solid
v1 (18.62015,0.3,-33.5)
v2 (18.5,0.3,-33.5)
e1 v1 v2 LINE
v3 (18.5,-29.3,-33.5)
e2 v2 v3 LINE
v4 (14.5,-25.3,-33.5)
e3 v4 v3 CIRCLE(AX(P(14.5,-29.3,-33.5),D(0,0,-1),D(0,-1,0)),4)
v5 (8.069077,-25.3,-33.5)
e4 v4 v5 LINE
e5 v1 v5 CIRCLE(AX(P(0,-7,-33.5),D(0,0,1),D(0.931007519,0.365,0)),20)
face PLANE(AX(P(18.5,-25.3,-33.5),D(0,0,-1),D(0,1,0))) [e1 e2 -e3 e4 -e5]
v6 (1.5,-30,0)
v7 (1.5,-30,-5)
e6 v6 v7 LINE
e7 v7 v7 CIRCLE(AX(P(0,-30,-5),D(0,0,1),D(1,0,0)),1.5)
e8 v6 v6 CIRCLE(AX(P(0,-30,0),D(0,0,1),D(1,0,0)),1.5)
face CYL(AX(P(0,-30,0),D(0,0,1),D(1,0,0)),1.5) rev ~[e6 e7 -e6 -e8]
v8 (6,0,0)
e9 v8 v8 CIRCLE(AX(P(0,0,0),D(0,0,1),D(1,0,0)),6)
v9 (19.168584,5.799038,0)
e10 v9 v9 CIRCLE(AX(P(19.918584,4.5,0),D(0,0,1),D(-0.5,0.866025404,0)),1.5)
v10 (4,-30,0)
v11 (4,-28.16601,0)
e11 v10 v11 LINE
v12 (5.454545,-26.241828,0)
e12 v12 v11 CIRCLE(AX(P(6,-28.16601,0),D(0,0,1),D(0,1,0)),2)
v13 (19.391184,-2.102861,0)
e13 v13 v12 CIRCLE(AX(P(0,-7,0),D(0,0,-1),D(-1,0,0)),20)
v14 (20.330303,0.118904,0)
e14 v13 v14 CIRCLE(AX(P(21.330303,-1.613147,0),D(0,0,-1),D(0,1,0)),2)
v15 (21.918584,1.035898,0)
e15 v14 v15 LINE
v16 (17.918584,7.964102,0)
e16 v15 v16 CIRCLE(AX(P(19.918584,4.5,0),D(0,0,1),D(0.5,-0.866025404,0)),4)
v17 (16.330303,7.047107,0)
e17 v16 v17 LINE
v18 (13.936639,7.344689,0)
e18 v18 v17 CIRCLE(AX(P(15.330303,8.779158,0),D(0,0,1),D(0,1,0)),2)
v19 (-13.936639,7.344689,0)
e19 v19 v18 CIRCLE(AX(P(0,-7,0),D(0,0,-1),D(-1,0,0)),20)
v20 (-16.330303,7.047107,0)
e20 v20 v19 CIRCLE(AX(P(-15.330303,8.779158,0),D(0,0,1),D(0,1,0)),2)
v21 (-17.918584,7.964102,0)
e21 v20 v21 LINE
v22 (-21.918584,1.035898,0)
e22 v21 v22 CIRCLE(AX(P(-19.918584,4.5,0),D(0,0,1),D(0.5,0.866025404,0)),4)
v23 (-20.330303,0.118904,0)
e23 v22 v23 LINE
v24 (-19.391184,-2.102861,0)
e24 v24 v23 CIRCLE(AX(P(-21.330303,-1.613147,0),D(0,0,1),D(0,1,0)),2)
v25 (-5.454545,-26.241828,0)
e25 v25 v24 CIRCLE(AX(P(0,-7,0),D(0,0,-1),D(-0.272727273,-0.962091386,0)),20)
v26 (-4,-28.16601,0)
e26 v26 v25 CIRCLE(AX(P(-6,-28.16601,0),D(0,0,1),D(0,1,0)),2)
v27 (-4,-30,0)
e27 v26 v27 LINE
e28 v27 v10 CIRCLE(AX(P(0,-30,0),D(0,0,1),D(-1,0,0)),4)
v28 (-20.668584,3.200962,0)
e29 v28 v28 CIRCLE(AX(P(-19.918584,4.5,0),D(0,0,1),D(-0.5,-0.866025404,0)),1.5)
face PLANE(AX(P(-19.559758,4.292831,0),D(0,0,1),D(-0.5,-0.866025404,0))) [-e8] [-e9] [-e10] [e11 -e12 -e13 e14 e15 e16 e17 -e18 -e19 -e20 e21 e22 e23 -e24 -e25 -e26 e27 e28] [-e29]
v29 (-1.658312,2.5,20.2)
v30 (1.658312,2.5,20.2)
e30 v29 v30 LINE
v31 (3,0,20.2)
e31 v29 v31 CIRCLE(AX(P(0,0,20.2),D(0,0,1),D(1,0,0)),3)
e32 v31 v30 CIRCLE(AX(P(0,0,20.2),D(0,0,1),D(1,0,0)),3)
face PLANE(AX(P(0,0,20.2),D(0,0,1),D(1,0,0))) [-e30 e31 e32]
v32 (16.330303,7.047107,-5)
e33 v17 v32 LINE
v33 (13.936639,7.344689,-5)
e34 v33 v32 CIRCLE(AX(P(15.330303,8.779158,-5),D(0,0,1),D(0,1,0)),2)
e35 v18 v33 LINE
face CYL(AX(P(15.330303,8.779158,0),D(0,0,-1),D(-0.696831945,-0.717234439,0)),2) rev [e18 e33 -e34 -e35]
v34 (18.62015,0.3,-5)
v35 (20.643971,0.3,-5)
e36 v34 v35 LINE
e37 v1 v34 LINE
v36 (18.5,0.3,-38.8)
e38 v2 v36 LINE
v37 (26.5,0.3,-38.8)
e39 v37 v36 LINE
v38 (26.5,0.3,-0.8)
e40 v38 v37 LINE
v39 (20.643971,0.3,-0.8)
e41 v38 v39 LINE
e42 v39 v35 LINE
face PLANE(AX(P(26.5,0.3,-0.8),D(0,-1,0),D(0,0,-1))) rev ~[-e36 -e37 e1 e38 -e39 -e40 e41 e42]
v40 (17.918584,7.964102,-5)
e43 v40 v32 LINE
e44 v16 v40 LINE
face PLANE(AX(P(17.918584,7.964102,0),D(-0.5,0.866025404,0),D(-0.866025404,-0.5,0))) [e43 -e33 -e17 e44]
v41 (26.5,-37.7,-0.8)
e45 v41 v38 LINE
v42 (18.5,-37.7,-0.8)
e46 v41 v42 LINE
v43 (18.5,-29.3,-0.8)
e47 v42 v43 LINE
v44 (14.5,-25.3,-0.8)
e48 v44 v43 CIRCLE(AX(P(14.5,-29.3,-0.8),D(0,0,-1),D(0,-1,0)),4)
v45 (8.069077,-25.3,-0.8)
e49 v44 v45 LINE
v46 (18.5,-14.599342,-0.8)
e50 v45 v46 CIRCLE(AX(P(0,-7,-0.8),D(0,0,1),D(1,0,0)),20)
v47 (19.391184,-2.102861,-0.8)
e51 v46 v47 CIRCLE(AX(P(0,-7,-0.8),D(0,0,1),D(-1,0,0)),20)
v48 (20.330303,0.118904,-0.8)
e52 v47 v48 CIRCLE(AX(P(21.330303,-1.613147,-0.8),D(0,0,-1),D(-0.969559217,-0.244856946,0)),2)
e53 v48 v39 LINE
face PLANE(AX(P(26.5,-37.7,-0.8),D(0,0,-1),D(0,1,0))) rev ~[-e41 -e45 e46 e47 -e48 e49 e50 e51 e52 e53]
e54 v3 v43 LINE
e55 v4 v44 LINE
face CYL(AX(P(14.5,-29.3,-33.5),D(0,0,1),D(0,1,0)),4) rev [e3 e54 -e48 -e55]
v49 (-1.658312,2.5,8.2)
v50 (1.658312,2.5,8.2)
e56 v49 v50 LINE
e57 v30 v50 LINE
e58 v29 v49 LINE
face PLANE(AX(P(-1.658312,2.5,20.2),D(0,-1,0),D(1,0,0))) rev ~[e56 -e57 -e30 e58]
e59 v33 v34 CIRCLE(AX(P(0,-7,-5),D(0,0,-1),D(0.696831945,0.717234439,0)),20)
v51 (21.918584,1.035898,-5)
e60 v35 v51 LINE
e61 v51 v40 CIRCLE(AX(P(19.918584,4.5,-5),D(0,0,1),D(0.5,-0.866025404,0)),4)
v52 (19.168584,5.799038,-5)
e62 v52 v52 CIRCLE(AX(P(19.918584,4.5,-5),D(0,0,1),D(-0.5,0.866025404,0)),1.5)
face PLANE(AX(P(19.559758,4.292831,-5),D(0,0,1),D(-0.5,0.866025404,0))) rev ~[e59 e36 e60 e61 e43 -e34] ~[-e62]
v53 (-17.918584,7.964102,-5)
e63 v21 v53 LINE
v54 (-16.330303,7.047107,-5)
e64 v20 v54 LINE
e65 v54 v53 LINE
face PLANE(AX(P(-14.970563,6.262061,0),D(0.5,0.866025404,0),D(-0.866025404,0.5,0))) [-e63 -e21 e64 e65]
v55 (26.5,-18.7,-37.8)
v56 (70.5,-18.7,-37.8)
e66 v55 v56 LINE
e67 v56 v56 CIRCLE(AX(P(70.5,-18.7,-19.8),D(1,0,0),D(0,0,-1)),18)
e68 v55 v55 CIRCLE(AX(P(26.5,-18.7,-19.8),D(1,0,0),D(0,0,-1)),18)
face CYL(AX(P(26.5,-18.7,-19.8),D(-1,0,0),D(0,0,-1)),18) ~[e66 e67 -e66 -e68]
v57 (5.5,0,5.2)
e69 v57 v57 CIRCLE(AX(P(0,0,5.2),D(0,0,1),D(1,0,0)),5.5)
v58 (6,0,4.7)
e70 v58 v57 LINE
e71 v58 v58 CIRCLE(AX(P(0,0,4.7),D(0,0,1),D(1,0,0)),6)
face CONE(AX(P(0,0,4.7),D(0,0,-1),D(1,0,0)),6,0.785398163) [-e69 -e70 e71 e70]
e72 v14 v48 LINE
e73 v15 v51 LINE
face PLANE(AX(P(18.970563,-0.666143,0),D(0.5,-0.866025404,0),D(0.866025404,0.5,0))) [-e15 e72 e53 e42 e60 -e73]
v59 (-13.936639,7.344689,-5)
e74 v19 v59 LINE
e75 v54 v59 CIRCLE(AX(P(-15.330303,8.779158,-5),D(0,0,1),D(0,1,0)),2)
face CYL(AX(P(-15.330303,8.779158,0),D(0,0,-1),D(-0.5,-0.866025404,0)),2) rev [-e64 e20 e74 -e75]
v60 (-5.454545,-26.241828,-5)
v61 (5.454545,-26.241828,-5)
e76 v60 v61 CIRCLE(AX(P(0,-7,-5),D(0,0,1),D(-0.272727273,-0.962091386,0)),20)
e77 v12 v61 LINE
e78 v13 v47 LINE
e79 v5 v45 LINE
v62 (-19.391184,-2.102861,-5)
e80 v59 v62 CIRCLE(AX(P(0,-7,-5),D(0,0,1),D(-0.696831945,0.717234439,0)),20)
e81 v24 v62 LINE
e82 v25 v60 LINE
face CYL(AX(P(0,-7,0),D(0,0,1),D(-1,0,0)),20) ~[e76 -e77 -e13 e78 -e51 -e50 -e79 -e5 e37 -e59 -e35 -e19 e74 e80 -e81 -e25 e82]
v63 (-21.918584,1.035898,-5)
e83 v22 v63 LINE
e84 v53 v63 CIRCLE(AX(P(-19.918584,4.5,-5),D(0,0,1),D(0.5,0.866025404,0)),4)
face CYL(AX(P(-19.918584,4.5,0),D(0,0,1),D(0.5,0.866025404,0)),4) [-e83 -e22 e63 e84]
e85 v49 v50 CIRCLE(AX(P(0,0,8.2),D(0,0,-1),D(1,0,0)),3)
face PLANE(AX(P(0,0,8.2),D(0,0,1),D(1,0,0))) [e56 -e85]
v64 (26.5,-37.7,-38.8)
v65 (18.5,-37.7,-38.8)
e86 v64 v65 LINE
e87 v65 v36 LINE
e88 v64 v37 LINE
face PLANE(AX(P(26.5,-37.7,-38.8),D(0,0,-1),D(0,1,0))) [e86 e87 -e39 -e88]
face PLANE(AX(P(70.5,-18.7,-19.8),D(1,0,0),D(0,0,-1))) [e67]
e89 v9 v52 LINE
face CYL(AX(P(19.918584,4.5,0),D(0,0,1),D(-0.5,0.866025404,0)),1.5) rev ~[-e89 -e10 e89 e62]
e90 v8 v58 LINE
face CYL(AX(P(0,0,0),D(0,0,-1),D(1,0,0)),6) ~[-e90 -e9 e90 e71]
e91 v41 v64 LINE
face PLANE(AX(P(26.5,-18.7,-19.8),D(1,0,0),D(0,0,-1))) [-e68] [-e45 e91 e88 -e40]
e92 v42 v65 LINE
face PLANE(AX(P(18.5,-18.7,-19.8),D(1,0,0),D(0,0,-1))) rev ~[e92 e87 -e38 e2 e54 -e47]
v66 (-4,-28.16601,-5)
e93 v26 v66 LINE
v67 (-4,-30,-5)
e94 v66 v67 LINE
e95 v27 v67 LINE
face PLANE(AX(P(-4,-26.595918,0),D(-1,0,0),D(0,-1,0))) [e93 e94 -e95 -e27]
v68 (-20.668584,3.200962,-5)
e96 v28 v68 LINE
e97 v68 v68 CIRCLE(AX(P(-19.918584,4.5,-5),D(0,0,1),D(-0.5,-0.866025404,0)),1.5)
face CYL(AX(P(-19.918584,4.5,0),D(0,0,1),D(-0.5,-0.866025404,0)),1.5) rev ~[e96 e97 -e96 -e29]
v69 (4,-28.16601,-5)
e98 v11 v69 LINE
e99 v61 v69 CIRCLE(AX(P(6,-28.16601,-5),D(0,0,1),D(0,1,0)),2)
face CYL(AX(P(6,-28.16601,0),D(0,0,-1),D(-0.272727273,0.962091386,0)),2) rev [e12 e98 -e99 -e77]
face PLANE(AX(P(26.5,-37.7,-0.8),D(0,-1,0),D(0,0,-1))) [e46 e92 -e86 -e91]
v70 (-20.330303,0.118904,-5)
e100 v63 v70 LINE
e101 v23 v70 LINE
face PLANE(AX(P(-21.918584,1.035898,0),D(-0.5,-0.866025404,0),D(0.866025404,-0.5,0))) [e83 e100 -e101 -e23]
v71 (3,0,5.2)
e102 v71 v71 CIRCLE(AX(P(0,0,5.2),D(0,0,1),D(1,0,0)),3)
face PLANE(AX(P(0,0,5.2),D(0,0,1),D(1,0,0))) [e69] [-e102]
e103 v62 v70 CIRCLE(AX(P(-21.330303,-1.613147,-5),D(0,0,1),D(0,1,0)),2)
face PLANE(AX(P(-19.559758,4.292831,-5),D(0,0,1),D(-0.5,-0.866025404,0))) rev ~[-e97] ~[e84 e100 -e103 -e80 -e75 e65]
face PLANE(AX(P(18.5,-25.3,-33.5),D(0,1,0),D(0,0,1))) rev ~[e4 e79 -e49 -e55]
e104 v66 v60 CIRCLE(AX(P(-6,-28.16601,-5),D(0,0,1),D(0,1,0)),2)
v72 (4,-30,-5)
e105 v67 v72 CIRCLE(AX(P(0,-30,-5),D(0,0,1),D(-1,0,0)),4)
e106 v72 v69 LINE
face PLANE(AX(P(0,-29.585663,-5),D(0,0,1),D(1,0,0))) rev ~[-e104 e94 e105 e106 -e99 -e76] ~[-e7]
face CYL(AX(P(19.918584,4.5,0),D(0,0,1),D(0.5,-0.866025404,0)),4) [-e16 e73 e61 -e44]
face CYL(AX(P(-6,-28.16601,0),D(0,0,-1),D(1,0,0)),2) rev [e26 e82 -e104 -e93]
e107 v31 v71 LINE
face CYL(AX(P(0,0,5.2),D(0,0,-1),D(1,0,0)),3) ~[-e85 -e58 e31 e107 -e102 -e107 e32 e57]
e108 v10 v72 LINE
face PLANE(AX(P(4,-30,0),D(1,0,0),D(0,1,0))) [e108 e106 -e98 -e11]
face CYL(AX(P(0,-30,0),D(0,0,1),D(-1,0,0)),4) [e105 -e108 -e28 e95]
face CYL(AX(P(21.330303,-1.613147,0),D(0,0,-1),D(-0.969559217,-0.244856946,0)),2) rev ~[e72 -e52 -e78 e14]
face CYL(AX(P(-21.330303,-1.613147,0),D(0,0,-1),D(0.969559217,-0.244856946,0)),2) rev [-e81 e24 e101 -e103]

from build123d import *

# Parameters (mm, degrees)
SKETCH_1_R                       = 6
EXTRUDE_1_DEPTH                  = 5.2
CHAMFER_1_SIZE                   = 0.5
SKETCH_2_R                       = 3
EXTRUDE_2_DEPTH                  = 15
SKETCH_3_OUTSIDE_W               = 19.276
SKETCH_3_OUTSIDE_H               = 19.276
CUT_EXTRUDE_1_DEPTH              = 12
SKETCH_4_R                       = 20
EXTRUDE_3_DEPTH                  = 33.5
SKETCH_5_R                       = 1.5
EXTRUDE_4_DEPTH                  = 5
FILLET_2_R                       = 2
PATTERN_CIRCULAR_1_COUNT         = 3
FILLET_2_OF_PATTERN_CIRCULAR_1_R = 2
SKETCH_7_W                       = 38
SKETCH_7_H                       = 38
EXTRUDE_5_DEPTH                  = 8
EXTRUDE_6_REACH                  = 70.746
EXTRUDE_6_END_RADIUS             = 20
SKETCH_8_W                       = 32.7
SKETCH_8_H                       = 10.700657923
SKETCH_10_R                      = 18
EXTRUDE_7_DEPTH                  = 44
FILLET_1_R                       = 4


with BuildPart() as part:
    # ｽｹｯﾁ1 → ﾎﾞｽ - 押し出し1 (new body)
    with BuildSketch(Plane.XY):
        Circle(SKETCH_1_R)
    extrude(amount=EXTRUDE_1_DEPTH)

    # 面取り1
    chamfer_1_edges = [part.edges().sort_by_distance(p)[0] for p in [
        (-6, 0, 5.2),
    ]]
    chamfer(chamfer_1_edges, length=CHAMFER_1_SIZE)

    # ｽｹｯﾁ2 → ﾎﾞｽ - 押し出し2 (add)
    with BuildSketch(Plane.XY.offset(5.2)):
        Circle(SKETCH_2_R)
    extrude(amount=EXTRUDE_2_DEPTH)

    # ｽｹｯﾁ3 outside → ｶｯﾄ - 押し出し1 (cut)
    with BuildSketch(Plane.XY.offset(20.2)):
        Rectangle(SKETCH_3_OUTSIDE_W, SKETCH_3_OUTSIDE_H)
        with BuildLine():
            Line((-1.658312395, 2.5), (1.658312395, 2.5))
            ThreePointArc((1.658312395, 2.5), (0, -3), (-1.658312395, 2.5))
        make_face(mode=Mode.SUBTRACT)
    extrude(amount=-CUT_EXTRUDE_1_DEPTH, mode=Mode.SUBTRACT)

    # ｽｹｯﾁ4 → ﾎﾞｽ - 押し出し3 (add)
    with BuildSketch(Plane(origin=(0, 0, 0), x_dir=(-1, 0, 0), z_dir=(0, 0, -1))):
        with Locations((0, -7)):
            Circle(SKETCH_4_R)
    extrude(amount=EXTRUDE_3_DEPTH)

    # ｽｹｯﾁ5 → ﾎﾞｽ - 押し出し4 (add)
    with BuildSketch(Plane.XY):
        with BuildLine():
            Line((-4, -26.595917942), (-4, -30))
            ThreePointArc((-4, -30), (0, -34), (4, -30))
            Line((4, -30), (4, -26.595917942))
            Line((4, -26.595917942), (-4, -26.595917942))
        make_face()
        with Locations((0, -30)):
            Circle(SKETCH_5_R, mode=Mode.SUBTRACT)
    extrude_4 = extrude(amount=-EXTRUDE_4_DEPTH)

    # ﾌｨﾚｯﾄ2
    fillet_2_edges = [part.edges().sort_by_distance(p)[0] for p in [
        (-4, -26.595917942, -2.5),
        (4, -26.595917942, -2.5),
    ]]
    fillet(fillet_2_edges, radius=FILLET_2_R)

    # 円形ﾊﾟﾀｰﾝ1: ﾎﾞｽ - 押し出し4 ×3 about axis
    pattern_circular_1_axis = Axis((0, -7, 0), (0, 0, 1))
    for i in range(1, PATTERN_CIRCULAR_1_COUNT):
        add(extrude_4.rotate(pattern_circular_1_axis, i * 360 / PATTERN_CIRCULAR_1_COUNT))

    # ﾌｨﾚｯﾄ2 of 円形ﾊﾟﾀｰﾝ1
    fillet_2_of_pattern_circular_1_edges = [part.edges().sort_by_distance(p)[0] for p in [
        (18.970562748, -0.666142644, -2.5),
        (14.970562748, 6.262060586, -2.5),
        (-14.970562748, 6.262060586, -2.5),
        (-18.970562748, -0.666142644, -2.5),
    ]]
    fillet(fillet_2_of_pattern_circular_1_edges, radius=FILLET_2_OF_PATTERN_CIRCULAR_1_R)

    # ｽｹｯﾁ7 → ﾎﾞｽ - 押し出し5 (add)
    with BuildSketch(Plane(origin=(26.5, 0, 0), x_dir=(0, 0, -1), z_dir=(1, 0, 0))):
        with Locations((19.8, -18.7)):
            Rectangle(SKETCH_7_W, SKETCH_7_H)
    extrude(amount=-EXTRUDE_5_DEPTH)

    # ﾎﾞｽ - 押し出し6: up to this cylinder (the profile starts outside it)
    extrude_6_end = Plane(origin=(0, -7, -17.15), z_dir=(0, 0, 1)) * Cylinder(EXTRUDE_6_END_RADIUS, 182.492, mode=Mode.PRIVATE)
    # ｽｹｯﾁ8 → ﾎﾞｽ - 押し出し6 (add, up to the surface)
    with BuildSketch(Plane.ZY.offset(-18.5), mode=Mode.PRIVATE) as extrude_6_sk1:
        with Locations((-17.15, -19.949671039)):
            Rectangle(SKETCH_8_W, SKETCH_8_H)
    extrude_6_tool1 = extrude(extrude_6_sk1.sketch, amount=EXTRUDE_6_REACH, mode=Mode.PRIVATE) - extrude_6_end
    add(extrude_6_tool1.solids().sort_by_distance((18.5, -19.949671, -17.15))[0])

    # ｽｹｯﾁ10 → ﾎﾞｽ - 押し出し7 (add)
    with BuildSketch(Plane(origin=(26.5, 0, 0), x_dir=(0, 0, -1), z_dir=(1, 0, 0))):
        with Locations((19.8, -18.7)):
            Circle(SKETCH_10_R)
    extrude(amount=EXTRUDE_7_DEPTH)

    # ﾌｨﾚｯﾄ1
    fillet_1_edges = [part.edges().sort_by_distance(p)[0] for p in [
        (18.5, -25.3, -17.15),
    ]]
    fillet(fillet_1_edges, radius=FILLET_1_R)


solid = part.part
